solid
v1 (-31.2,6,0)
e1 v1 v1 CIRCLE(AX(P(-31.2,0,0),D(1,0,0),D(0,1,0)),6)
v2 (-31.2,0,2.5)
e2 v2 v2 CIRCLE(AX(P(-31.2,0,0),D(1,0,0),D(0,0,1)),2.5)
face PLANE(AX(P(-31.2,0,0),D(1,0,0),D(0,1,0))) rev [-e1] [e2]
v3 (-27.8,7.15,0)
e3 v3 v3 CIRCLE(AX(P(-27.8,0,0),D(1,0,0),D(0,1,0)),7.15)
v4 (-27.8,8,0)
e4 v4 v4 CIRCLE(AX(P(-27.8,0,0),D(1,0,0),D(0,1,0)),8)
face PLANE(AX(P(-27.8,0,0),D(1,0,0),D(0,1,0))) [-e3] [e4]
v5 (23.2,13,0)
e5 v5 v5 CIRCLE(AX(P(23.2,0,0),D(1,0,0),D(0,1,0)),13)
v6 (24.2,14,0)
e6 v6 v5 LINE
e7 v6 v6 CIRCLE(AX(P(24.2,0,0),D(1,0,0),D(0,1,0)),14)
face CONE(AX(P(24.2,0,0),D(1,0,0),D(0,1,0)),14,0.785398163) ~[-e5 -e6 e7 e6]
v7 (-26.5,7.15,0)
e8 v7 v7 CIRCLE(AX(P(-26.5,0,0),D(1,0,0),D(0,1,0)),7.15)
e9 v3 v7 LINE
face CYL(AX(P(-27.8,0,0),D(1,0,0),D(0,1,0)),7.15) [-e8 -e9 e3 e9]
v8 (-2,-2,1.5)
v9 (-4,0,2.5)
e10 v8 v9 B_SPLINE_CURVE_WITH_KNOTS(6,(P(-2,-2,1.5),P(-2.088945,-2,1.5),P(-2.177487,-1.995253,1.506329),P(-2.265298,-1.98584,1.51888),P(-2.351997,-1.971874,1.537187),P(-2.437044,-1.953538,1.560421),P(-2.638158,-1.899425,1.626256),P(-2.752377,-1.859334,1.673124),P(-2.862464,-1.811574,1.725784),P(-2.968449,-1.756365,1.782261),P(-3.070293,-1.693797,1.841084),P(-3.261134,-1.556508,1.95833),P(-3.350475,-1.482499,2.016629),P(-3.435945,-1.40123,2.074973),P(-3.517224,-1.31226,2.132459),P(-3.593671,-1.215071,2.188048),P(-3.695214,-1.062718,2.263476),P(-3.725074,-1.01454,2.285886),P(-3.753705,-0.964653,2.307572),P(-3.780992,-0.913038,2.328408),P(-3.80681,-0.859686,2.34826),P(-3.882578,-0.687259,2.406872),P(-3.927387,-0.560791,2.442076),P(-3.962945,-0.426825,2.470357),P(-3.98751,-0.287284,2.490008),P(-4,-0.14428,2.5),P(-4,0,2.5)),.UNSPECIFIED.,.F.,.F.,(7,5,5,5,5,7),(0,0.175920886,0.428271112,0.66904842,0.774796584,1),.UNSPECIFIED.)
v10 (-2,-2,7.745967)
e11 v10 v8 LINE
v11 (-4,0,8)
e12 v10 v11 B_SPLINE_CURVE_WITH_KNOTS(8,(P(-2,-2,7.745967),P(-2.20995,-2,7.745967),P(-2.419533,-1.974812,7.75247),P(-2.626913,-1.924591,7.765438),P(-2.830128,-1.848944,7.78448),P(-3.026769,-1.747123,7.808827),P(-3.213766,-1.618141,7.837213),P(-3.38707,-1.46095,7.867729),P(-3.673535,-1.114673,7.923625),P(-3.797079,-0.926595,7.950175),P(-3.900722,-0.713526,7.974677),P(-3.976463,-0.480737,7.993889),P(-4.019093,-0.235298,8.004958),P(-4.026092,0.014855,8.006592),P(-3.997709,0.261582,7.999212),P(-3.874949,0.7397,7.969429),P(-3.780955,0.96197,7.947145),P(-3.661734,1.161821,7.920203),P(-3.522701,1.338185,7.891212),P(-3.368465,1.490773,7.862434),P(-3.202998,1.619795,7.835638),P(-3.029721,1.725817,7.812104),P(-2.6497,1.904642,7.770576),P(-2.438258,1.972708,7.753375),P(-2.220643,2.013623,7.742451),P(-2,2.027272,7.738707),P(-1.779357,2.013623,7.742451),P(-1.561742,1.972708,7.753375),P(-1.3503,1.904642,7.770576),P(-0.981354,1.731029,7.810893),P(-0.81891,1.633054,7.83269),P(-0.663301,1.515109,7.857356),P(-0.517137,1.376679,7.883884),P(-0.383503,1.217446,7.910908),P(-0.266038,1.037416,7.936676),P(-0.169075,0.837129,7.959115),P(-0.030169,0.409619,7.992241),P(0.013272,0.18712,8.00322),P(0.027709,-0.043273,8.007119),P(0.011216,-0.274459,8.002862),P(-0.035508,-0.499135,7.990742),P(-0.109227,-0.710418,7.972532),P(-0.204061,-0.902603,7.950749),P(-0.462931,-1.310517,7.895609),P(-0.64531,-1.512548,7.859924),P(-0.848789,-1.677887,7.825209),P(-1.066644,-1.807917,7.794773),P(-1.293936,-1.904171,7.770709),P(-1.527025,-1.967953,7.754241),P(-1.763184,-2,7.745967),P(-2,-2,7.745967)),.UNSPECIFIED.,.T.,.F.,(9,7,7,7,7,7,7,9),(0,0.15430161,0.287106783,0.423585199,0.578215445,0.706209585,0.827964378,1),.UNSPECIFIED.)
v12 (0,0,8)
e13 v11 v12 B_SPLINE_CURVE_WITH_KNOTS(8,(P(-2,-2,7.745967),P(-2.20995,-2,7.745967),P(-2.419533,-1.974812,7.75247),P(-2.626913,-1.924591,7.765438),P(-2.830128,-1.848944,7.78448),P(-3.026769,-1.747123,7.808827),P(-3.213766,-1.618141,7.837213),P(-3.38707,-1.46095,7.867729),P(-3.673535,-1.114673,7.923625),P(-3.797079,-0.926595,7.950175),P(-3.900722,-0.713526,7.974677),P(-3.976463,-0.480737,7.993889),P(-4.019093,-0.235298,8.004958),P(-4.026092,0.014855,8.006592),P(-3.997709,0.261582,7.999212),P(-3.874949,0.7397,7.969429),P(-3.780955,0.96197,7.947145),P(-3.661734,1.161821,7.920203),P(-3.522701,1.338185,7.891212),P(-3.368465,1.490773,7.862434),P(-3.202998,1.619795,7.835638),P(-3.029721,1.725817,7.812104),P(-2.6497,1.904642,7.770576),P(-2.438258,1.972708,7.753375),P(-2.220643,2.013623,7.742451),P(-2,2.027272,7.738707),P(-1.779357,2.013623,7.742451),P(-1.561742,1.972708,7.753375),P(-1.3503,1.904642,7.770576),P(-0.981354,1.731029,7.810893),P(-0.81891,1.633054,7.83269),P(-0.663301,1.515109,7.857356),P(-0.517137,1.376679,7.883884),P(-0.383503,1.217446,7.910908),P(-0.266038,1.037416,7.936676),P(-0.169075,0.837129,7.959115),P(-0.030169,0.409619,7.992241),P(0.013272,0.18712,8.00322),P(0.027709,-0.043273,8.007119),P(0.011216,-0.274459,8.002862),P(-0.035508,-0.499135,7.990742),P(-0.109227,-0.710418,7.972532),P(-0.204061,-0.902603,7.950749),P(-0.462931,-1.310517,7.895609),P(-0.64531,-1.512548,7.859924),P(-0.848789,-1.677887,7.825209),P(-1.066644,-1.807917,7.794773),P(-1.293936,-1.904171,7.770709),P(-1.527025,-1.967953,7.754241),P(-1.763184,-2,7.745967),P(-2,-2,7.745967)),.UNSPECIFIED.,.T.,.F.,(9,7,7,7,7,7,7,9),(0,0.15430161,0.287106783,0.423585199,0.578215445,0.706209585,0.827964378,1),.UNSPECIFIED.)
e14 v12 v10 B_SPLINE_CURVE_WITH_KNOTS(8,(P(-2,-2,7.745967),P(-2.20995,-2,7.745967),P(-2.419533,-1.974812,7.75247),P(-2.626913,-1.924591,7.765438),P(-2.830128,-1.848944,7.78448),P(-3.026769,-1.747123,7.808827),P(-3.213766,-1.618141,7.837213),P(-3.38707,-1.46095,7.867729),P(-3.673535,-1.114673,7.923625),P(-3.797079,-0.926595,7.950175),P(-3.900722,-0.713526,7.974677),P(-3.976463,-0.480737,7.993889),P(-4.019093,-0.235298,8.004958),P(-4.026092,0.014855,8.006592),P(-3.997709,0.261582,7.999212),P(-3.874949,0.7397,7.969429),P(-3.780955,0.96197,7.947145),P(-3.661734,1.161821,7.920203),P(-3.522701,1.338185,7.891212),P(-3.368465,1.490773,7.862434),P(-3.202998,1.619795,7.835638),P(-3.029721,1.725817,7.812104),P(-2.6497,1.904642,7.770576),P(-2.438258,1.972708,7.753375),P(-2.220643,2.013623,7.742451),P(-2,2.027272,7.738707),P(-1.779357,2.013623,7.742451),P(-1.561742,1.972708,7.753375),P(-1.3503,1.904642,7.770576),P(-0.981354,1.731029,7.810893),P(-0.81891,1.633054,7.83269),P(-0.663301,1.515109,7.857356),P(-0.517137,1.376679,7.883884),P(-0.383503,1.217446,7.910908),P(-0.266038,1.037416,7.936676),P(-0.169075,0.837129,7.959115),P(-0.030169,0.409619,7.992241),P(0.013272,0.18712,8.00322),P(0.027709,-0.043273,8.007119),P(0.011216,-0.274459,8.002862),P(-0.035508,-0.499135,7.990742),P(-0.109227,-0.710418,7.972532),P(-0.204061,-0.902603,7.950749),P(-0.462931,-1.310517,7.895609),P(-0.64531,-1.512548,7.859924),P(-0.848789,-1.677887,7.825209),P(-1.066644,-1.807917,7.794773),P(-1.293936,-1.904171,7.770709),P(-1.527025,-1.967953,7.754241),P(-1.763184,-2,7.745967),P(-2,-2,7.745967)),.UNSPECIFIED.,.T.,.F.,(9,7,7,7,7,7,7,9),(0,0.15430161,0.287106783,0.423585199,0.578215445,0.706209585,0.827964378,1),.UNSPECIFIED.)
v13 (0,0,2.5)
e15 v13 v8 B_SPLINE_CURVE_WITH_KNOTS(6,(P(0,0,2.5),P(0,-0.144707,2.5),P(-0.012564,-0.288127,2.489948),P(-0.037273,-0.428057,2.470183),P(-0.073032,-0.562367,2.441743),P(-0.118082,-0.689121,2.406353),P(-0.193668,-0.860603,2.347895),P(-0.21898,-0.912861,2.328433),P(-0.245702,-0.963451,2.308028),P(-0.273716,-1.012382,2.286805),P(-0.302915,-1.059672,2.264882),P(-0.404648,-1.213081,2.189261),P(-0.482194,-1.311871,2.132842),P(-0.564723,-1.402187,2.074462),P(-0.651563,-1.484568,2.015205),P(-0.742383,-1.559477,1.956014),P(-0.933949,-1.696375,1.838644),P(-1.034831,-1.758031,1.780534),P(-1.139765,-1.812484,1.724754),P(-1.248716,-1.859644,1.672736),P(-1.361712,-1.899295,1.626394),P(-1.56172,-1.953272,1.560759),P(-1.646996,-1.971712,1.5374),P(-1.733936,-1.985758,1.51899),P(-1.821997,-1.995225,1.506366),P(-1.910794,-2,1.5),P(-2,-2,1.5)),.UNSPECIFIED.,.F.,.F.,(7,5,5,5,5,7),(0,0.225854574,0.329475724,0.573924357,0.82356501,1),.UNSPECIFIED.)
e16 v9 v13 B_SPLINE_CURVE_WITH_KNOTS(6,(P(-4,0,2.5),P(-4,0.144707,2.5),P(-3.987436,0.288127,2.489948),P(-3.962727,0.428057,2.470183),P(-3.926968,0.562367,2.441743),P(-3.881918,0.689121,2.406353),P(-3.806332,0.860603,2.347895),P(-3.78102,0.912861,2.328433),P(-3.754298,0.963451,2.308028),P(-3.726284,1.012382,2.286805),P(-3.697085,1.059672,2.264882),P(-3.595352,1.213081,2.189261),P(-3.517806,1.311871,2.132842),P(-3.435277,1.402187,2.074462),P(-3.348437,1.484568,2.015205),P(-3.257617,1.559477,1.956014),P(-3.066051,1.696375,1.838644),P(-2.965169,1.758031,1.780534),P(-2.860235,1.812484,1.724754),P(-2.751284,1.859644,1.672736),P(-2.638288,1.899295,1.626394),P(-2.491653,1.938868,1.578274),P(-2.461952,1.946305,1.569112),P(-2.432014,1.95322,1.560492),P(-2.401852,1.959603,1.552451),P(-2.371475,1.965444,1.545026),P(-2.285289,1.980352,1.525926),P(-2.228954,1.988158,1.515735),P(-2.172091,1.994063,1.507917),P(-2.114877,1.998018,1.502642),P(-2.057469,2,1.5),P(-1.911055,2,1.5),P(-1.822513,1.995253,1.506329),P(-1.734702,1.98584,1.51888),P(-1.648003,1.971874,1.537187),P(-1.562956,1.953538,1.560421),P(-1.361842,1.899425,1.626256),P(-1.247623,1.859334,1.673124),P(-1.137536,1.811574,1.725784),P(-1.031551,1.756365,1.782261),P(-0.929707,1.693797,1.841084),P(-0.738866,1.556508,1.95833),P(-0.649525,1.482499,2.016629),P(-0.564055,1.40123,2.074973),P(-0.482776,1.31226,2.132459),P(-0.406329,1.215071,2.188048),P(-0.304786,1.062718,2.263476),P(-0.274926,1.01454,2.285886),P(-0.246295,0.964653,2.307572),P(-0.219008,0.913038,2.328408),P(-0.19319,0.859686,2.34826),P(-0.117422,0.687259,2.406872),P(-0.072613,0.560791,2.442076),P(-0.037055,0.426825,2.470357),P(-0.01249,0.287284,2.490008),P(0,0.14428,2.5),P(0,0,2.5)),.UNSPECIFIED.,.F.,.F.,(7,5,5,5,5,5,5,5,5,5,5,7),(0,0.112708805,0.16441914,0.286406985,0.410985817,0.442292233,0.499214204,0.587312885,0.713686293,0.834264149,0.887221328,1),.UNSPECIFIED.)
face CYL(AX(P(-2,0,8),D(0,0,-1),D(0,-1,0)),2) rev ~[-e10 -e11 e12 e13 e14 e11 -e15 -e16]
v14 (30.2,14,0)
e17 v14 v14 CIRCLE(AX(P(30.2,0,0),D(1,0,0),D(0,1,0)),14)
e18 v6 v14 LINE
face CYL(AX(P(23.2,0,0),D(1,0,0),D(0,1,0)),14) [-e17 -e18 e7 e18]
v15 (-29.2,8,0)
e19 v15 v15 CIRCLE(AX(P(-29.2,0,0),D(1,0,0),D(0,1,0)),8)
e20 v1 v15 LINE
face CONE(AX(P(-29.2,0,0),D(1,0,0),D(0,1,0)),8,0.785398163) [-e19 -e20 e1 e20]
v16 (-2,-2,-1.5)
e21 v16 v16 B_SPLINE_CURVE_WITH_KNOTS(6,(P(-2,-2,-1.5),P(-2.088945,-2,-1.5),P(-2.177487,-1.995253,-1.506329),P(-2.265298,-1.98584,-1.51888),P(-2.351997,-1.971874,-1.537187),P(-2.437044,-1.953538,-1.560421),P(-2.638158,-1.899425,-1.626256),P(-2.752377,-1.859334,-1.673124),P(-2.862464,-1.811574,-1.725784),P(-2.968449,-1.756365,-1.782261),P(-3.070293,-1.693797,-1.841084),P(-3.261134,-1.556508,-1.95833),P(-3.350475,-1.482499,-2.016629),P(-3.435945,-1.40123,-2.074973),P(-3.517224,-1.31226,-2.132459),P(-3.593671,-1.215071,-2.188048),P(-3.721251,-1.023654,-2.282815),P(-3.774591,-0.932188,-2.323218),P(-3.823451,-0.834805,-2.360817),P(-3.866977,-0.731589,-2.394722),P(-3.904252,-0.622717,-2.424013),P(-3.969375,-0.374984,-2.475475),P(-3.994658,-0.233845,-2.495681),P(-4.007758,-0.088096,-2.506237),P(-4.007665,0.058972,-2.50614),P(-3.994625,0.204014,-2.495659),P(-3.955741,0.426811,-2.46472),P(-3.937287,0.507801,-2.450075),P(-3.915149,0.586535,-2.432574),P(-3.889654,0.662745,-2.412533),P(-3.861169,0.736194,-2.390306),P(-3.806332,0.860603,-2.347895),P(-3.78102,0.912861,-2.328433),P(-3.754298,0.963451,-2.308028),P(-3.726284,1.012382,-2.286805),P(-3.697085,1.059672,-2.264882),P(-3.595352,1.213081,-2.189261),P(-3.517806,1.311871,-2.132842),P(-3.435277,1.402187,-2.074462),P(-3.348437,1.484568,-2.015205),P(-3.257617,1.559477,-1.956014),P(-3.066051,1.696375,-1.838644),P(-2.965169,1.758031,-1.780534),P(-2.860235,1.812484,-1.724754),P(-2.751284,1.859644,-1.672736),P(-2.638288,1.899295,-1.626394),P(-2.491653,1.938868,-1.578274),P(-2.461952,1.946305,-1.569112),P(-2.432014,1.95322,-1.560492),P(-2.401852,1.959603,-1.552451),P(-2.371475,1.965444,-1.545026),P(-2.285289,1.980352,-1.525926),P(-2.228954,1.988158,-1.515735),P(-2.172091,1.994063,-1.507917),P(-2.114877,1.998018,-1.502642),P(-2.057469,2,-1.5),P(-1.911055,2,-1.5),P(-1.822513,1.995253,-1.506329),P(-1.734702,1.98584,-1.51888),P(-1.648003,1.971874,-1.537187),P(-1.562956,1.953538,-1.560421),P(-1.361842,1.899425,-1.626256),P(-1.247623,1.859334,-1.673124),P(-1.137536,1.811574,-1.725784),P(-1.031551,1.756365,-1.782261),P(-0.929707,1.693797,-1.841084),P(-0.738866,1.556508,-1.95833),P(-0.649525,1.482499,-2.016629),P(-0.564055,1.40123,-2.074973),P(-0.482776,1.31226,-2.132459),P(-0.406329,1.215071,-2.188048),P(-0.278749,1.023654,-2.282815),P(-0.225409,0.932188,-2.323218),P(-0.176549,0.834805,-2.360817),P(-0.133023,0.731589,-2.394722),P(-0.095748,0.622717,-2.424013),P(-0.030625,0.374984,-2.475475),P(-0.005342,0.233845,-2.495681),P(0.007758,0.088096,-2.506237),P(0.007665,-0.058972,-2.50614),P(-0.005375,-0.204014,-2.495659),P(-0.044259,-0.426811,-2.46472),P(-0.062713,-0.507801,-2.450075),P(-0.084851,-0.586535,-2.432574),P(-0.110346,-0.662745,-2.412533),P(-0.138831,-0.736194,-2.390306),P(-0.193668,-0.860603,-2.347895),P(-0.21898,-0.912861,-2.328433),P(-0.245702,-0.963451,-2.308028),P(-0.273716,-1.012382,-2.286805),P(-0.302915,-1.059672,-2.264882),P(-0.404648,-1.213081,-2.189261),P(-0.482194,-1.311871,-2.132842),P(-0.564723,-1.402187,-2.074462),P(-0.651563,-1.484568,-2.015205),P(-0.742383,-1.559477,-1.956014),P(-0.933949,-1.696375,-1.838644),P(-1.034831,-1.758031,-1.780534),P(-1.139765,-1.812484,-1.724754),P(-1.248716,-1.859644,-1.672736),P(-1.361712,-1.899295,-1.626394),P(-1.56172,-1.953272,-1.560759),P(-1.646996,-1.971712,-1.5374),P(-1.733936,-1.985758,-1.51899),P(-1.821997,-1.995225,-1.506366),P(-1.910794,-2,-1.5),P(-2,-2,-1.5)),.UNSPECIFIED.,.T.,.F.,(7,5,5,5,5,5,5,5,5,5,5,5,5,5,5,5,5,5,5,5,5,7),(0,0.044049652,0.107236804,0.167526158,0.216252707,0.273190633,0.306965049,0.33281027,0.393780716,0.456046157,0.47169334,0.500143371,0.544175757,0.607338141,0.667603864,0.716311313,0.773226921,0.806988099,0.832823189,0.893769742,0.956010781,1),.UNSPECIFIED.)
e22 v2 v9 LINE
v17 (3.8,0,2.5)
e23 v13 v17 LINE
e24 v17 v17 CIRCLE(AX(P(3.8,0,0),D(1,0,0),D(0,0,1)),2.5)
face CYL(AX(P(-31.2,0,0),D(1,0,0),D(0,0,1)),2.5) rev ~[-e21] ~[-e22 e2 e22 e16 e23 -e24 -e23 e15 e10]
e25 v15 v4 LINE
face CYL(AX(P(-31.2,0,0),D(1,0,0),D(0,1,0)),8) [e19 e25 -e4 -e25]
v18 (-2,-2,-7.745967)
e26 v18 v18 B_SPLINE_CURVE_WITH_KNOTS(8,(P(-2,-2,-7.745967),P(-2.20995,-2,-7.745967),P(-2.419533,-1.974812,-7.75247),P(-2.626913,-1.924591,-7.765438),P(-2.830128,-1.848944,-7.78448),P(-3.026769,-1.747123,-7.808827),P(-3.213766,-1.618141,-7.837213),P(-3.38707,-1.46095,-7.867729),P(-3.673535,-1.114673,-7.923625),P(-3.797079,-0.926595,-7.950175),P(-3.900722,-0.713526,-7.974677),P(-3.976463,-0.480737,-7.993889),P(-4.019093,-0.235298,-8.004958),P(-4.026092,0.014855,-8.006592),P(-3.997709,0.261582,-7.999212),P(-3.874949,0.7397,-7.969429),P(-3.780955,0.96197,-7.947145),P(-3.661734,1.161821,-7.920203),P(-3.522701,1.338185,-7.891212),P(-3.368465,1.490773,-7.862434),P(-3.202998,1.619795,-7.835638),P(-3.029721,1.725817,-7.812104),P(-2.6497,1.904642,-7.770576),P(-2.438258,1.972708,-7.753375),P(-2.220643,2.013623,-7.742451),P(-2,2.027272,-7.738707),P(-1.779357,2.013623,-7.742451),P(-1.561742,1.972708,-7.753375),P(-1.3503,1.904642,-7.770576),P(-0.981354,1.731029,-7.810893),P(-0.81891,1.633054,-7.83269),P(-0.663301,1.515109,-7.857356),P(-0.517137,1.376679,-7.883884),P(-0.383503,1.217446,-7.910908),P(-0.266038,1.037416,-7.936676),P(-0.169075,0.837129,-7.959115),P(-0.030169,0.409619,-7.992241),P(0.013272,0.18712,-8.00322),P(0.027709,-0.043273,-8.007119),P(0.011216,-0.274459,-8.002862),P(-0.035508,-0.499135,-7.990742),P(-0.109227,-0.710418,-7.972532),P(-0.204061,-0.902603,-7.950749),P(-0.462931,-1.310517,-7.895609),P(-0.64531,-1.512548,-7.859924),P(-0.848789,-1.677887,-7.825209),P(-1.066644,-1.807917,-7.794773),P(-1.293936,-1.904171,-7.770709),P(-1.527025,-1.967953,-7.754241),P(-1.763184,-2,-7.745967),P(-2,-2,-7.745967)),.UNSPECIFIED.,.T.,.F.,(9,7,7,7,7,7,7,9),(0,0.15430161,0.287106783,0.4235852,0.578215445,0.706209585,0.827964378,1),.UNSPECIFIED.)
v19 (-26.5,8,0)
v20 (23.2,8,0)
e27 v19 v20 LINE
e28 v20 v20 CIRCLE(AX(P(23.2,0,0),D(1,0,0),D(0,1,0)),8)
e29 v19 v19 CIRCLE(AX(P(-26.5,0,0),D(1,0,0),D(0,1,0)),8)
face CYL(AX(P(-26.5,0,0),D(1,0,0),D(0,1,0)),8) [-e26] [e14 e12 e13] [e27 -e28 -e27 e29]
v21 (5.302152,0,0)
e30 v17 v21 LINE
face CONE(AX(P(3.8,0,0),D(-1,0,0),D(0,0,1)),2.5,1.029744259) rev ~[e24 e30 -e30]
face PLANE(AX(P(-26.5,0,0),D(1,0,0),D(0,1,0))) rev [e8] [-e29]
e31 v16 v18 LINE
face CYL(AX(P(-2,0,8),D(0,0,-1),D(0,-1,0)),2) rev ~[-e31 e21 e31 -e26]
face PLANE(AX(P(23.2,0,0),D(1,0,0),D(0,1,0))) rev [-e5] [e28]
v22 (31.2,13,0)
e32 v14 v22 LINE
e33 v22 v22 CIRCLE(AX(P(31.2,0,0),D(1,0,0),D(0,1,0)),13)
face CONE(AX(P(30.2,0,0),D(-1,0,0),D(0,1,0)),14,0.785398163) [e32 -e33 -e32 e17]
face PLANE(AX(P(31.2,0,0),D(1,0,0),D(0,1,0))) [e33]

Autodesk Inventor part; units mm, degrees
ref_plane "YZ Plane" through (0, 0, 0) normal (1, 0, 0) x (0, 1, 0)
ref_plane "XZ Plane" through (0, 0, 0) normal (0, 1, 0) x (-1, 0, 0)
sketch "Skizze1" plane through (0, 0, 0) normal (0, 0, 1) x (1, 0, 0)
  line L0 (-31.2, 0) -> (-31.2, 8)
  line L1 (-31.2, 8) -> (-27.8, 8)
  line L2 (-27.8, 8) -> (-27.8, 7.15)
  line L3 (-27.8, 7.15) -> (-26.5, 7.15)
  line L4 (-26.5, 7.15) -> (-26.5, 8)
  line L5 (-26.5, 8) -> (23.2, 8)
  line L6 (23.2, 8) -> (23.2, 14)
  line L7 (23.2, 14) -> (31.2, 14)
  line L8 (31.2, 14) -> (31.2, 0)
  line L9 (-43.68, 0) -> (43.68, 0) projected
  line L10 (0, -2.8) -> (0, 16.8) projected
  line L11 (-31.2, 0) -> (31.2, 0)
  point P0 (0, 0)
  dimension "d0" = 49.7
  dimension "d1" = 8
  dimension "d2" = 6
  dimension "d3" = 1.3
  dimension "d4" = 0.85
  dimension "d5" = 3.4
  dimension "d6" = 8
revolve "Umdrehung1" add sketch "Skizze1" angle 360 about axis through (-10, 0, 0) along (1, 0, 0)
chamfer "Fase1" distance 2 angle 45 1 edges at (-31.2, -8, 0)
chamfer "Fase2" distance 1 angle 45 1 edges at (31.2, -14, 0)
chamfer "Fase3" distance 1 angle 45 1 edges at (23.2, -14, 0)
sketch "Skizze4" plane through (-31.2, 0, 0) normal (-1, 0, 0) x (0, 0, 1)
  point P0 (0, 0)
  point P1 (0, 0)
hole "Bohrung2" at (-31.2, 0, 0) direction (1, 0, 0) diameter 5 depth 35 tip angle 118
ref_plane "Arbeitsebene1" through (0, 0, 8) normal (0, 0, 1) x (1, 0, 0)
sketch "Skizze5" plane through (0, 0, 8) normal (0, 0, 1) x (1, 0, 0)
  line L0 (-2.4, 0) -> (0.4, 0) projected
  point P0 (0, 0)
  point P1 (-2, 0)
  dimension "d46" = 2
hole "Bohrung3" at (-2, 0, 8) direction (0, 0, -1) diameter 4 end through all
thread "Gewinde1" size "M5x0.8" class "6H" standard "ANSI Metric M Profile" length 15
properties part number "KON_Nietmaschine_Bolzen" material "Stahl"
